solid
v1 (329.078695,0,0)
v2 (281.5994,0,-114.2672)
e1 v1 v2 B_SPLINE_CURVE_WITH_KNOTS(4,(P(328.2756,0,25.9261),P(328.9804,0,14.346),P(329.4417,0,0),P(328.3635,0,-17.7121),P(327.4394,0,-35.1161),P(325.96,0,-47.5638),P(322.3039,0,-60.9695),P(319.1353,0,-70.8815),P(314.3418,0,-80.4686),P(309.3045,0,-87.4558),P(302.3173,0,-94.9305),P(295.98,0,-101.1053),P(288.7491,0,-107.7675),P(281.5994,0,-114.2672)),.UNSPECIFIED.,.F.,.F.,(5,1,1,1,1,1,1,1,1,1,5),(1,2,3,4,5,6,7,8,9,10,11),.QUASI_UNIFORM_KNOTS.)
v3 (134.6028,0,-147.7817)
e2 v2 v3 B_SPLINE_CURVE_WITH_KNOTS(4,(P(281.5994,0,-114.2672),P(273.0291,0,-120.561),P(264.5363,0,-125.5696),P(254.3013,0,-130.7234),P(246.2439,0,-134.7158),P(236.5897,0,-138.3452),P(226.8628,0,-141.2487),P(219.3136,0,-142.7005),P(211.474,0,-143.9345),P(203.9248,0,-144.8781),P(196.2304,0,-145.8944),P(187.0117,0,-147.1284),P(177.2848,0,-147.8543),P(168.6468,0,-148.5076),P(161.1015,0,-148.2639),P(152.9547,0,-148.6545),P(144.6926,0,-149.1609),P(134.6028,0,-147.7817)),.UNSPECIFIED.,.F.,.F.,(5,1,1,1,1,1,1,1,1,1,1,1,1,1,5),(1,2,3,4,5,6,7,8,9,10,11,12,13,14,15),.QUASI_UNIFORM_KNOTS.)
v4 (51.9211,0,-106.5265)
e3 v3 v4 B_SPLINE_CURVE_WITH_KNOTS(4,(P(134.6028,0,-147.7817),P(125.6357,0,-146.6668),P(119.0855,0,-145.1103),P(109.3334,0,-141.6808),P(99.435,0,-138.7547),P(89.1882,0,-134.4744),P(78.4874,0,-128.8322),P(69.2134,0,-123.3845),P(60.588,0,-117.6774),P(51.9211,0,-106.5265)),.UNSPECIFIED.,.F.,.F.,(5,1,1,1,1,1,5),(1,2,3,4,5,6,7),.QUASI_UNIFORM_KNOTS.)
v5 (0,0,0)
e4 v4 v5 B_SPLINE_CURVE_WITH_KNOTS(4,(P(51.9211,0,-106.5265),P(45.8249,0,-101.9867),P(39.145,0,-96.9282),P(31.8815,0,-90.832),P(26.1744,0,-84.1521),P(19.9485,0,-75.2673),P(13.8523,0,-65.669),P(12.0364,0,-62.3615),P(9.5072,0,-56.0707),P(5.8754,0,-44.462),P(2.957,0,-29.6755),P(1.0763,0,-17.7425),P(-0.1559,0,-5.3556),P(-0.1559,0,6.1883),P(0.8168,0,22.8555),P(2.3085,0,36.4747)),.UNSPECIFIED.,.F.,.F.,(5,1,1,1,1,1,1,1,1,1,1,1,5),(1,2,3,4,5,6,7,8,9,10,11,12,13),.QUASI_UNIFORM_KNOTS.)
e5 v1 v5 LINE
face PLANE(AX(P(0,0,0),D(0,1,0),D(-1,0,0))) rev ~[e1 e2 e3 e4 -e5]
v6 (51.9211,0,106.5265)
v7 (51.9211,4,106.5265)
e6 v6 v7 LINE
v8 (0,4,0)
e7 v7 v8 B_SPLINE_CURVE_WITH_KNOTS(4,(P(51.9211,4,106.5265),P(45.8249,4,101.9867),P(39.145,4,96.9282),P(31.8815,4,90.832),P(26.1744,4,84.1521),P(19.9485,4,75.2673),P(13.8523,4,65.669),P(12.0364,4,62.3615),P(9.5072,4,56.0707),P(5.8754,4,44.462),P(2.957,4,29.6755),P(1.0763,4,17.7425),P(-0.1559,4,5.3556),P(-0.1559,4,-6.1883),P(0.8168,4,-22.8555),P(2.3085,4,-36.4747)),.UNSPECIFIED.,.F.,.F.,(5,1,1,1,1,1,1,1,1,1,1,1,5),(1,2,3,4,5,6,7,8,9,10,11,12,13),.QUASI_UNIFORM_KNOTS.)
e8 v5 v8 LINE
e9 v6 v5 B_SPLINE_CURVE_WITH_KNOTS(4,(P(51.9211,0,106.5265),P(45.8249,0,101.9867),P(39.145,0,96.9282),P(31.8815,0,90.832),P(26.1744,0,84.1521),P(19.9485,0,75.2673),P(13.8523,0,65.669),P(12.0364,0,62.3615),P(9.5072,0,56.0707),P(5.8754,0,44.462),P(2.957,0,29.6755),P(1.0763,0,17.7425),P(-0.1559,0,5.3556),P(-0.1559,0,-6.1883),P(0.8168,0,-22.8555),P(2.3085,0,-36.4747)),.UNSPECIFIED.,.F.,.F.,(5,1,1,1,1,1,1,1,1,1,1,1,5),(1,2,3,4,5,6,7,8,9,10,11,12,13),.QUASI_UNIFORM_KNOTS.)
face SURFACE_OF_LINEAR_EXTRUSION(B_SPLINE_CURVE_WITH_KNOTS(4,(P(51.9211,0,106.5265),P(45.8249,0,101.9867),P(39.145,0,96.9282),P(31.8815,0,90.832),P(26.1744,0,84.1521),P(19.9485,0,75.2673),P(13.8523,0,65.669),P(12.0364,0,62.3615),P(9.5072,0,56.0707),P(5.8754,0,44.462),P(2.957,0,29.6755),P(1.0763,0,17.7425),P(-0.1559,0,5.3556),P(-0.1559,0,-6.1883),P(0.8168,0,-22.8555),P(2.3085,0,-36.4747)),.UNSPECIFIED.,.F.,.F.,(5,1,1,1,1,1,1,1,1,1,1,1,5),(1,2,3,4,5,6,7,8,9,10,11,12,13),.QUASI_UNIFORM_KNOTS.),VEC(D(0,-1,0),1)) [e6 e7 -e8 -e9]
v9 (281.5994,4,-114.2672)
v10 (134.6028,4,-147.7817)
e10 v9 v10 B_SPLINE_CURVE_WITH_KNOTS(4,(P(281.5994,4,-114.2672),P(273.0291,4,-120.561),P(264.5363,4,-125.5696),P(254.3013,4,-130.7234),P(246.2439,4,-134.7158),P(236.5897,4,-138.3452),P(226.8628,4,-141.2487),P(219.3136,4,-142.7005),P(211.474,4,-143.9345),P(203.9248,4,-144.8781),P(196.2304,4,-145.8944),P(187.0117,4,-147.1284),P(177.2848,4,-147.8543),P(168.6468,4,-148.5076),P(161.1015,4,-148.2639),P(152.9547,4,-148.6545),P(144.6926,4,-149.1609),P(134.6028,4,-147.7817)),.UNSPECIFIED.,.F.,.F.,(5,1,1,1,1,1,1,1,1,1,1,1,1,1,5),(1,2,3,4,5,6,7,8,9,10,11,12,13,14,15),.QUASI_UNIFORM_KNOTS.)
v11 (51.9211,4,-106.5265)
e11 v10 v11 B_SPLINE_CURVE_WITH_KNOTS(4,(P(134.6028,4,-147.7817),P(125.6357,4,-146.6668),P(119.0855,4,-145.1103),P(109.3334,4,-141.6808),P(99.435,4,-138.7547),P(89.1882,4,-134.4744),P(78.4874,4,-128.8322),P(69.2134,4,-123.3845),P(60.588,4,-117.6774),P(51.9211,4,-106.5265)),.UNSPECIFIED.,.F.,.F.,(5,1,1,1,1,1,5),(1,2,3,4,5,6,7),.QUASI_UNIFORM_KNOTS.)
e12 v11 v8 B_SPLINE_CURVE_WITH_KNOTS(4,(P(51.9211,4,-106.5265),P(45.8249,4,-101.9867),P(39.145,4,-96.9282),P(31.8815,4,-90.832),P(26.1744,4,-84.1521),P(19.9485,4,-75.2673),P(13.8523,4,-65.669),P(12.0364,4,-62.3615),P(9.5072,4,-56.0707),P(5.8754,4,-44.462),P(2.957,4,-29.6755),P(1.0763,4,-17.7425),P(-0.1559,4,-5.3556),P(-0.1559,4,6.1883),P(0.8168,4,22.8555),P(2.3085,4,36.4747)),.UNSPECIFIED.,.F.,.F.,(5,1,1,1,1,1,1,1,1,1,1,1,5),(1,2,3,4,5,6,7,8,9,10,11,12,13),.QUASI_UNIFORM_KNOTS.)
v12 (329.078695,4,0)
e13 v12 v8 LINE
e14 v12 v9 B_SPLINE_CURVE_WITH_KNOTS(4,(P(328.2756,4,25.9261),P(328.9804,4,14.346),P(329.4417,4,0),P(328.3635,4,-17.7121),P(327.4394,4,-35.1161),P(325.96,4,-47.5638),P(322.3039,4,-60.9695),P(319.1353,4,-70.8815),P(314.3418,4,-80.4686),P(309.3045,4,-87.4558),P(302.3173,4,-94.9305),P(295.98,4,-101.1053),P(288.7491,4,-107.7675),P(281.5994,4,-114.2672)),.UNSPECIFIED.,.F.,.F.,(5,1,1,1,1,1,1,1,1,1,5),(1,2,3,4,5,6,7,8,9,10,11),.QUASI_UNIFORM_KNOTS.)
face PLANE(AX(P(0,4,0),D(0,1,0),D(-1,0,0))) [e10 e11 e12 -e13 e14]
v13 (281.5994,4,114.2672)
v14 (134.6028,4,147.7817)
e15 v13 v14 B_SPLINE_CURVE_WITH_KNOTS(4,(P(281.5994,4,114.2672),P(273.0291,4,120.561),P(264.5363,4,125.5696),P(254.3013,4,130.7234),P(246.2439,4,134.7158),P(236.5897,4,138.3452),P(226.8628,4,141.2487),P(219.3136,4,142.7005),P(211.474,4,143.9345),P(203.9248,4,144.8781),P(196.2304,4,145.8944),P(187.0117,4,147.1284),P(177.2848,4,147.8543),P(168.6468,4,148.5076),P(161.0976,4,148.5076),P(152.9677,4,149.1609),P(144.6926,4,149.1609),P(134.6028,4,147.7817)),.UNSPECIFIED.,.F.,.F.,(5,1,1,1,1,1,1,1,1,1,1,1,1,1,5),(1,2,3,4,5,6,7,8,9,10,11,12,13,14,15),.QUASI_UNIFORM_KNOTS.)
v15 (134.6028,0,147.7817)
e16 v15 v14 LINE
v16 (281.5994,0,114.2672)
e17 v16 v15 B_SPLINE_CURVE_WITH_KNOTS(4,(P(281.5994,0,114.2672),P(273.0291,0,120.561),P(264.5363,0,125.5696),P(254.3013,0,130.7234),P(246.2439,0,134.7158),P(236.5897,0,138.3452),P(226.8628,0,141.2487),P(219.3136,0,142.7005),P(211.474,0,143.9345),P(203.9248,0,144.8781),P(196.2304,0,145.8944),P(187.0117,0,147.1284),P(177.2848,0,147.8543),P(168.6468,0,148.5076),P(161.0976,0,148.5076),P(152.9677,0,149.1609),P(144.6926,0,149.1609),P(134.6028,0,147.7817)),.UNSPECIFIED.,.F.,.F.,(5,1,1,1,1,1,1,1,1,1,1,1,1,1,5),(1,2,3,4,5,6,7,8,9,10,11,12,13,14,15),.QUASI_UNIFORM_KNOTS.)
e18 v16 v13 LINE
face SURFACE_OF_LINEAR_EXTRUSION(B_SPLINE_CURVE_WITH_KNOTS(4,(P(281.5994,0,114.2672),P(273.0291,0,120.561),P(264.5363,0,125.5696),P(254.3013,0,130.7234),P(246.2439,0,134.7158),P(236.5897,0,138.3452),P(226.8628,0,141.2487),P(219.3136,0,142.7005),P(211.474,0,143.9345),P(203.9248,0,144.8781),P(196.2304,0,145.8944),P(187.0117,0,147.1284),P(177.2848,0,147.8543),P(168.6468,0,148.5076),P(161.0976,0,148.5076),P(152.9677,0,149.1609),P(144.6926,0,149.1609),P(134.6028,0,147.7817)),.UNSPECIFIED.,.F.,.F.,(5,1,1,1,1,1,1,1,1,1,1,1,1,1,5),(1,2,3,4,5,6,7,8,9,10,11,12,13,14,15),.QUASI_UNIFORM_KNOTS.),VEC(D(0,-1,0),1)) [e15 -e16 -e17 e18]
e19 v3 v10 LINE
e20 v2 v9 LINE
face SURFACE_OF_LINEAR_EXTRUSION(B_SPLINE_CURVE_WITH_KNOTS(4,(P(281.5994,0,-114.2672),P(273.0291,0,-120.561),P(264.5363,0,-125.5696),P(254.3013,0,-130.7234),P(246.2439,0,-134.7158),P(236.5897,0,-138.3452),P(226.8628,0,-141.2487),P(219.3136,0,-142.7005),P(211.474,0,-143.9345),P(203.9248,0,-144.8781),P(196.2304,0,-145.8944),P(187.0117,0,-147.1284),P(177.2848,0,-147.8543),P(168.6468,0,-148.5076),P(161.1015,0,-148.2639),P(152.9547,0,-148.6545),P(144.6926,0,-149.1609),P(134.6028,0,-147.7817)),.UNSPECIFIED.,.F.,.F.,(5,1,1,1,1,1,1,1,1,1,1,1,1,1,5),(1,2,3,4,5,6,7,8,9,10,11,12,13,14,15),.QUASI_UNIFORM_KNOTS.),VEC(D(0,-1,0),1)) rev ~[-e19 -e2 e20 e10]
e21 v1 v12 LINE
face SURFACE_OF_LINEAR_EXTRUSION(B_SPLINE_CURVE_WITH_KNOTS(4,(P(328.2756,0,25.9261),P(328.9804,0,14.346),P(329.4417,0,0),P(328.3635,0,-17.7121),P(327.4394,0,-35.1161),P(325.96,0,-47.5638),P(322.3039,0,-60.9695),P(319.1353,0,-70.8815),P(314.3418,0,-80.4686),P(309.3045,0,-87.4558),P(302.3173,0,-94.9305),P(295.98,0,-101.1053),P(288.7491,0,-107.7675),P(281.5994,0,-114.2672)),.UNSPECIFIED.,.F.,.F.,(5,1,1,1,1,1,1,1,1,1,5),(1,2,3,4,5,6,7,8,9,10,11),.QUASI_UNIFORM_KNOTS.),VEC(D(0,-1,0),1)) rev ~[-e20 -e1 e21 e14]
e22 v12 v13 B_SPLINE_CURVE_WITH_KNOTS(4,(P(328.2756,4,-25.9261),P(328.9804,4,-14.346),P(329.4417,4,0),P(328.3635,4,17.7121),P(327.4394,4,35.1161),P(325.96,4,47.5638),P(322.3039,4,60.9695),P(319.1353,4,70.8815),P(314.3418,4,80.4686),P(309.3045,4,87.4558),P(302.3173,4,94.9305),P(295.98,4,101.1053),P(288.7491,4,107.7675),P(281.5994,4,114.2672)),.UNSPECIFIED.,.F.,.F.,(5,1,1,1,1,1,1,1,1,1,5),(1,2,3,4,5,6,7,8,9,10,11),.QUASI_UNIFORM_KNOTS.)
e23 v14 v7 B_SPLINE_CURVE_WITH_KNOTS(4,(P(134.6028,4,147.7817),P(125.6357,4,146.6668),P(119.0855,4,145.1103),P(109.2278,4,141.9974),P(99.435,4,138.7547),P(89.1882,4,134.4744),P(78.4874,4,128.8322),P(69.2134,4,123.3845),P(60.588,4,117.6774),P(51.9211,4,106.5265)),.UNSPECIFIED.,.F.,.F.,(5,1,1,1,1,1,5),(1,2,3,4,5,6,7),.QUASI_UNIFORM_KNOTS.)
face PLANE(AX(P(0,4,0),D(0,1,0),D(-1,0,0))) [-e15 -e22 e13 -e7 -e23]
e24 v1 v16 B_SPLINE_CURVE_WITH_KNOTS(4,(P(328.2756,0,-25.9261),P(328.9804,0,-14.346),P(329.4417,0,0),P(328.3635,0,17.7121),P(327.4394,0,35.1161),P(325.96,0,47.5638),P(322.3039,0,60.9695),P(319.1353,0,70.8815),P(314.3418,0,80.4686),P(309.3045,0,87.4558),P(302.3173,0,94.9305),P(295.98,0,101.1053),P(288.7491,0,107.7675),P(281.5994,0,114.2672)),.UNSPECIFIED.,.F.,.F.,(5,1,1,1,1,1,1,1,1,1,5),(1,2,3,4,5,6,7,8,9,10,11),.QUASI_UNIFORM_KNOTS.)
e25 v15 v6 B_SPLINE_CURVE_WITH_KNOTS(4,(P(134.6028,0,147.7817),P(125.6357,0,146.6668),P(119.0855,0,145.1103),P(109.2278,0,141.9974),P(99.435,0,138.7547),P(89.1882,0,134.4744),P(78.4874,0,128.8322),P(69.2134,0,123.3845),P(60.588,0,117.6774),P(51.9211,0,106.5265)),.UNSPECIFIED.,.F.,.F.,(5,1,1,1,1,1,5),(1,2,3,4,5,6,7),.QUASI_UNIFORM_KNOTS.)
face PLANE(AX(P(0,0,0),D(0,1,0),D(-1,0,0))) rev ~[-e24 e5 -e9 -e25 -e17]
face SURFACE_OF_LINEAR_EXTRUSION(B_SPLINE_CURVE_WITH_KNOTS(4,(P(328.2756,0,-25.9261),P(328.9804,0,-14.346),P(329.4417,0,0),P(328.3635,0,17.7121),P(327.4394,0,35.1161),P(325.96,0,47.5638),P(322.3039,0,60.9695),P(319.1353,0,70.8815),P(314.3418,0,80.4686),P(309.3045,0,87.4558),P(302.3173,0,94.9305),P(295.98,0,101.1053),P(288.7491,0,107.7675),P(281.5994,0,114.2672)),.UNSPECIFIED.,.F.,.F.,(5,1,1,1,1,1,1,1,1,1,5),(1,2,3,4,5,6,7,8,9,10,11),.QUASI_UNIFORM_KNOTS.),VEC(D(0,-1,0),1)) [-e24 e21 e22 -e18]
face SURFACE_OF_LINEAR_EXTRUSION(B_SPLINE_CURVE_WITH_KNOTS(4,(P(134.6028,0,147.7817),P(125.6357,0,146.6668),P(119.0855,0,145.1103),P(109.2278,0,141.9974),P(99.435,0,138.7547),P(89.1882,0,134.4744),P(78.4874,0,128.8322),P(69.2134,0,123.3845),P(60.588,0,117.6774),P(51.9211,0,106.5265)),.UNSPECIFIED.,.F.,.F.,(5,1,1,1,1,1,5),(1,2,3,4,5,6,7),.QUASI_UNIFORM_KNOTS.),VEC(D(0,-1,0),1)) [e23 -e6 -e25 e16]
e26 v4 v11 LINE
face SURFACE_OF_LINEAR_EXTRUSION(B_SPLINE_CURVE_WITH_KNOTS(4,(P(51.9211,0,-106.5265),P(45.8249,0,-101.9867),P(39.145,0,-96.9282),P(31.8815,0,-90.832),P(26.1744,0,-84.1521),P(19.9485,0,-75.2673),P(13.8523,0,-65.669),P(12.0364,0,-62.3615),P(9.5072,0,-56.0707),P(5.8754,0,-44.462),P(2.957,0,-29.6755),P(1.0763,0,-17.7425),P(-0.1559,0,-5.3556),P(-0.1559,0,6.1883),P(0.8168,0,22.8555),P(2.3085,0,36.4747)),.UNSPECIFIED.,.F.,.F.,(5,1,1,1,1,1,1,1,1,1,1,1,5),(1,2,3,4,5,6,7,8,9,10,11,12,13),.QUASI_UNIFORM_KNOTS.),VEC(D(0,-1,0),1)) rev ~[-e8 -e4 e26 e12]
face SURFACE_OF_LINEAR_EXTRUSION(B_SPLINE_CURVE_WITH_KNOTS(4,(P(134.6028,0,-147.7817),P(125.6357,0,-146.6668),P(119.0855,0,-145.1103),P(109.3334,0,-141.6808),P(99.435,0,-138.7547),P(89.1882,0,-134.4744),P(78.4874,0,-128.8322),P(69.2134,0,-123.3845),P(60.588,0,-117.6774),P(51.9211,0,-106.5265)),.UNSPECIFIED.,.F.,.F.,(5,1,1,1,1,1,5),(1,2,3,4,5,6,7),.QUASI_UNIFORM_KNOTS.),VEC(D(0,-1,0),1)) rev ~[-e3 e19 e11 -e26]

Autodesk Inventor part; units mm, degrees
ref_plane "YZ Plane" through (0, 0, 0) normal (1, 0, 0) x (0, 1, 0)
ref_plane "XZ Plane" through (0, 0, 0) normal (0, 1, 0) x (-1, 0, 0)
ref_plane "XY Plane" through (0, 0, 0) normal (0, 0, 1) x (1, 0, 0)
sketch "Эскиз1" plane through (0, 0, 0) normal (0, 1, 0) x (-1, 0, 0)
  line L0 (-328.2756, -25.9261) -> (-328.9804, -14.346) construction
  line L1 (-328.9804, -14.346) -> (-329.4417, 0) construction
  line L2 (-329.4417, 0) -> (-328.3635, 17.7121) construction
  line L3 (-328.3635, 17.7121) -> (-327.4394, 35.1161) construction
  line L4 (-327.4394, 35.1161) -> (-325.96, 47.5638) construction
  line L5 (-325.96, 47.5638) -> (-322.3039, 60.9695) construction
  line L6 (-322.3039, 60.9695) -> (-319.1353, 70.8815) construction
  line L7 (-319.1353, 70.8815) -> (-314.3418, 80.4686) construction
  line L8 (-314.3418, 80.4686) -> (-309.3045, 87.4558) construction
  line L9 (-309.3045, 87.4558) -> (-302.3173, 94.9305) construction
  line L10 (-302.3173, 94.9305) -> (-295.98, 101.1053) construction
  line L11 (-295.98, 101.1053) -> (-288.7491, 107.7675) construction
  line L12 (-288.7491, 107.7675) -> (-281.5994, 114.2672) construction
  spline S0 degree 4 poles (-328.2756, -25.9261) (-328.9804, -14.346) (-329.4417, 0) (-328.3635, 17.7121) (-327.4394, 35.1161) (-325.96, 47.5638) (-322.3039, 60.9695) (-319.1353, 70.8815) (-314.3418, 80.4686) (-309.3045, 87.4558) (-302.3173, 94.9305) (-295.98, 101.1053) (-288.7491, 107.7675) (-281.5994, 114.2672) knots 1 1 1 1 1 2 3 4 5 6 7 8 9 10 11 11 11 11 11
  line L13 (-281.5994, 114.2672) -> (-273.0291, 120.561) construction
  line L14 (-273.0291, 120.561) -> (-264.5363, 125.5696) construction
  line L15 (-264.5363, 125.5696) -> (-254.3013, 130.7234) construction
  line L16 (-254.3013, 130.7234) -> (-246.2439, 134.7158) construction
  line L17 (-246.2439, 134.7158) -> (-236.5897, 138.3452) construction
  line L18 (-236.5897, 138.3452) -> (-226.8628, 141.2487) construction
  line L19 (-226.8628, 141.2487) -> (-219.3136, 142.7005) construction
  line L20 (-219.3136, 142.7005) -> (-211.474, 143.9345) construction
  line L21 (-211.474, 143.9345) -> (-203.9248, 144.8781) construction
  line L22 (-203.9248, 144.8781) -> (-196.2304, 145.8944) construction
  line L23 (-196.2304, 145.8944) -> (-187.0117, 147.1284) construction
  line L24 (-187.0117, 147.1284) -> (-177.2848, 147.8543) construction
  line L25 (-177.2848, 147.8543) -> (-168.6468, 148.5076) construction
  line L26 (-168.6468, 148.5076) -> (-161.0976, 148.5076) construction
  line L27 (-161.0976, 148.5076) -> (-152.9677, 149.1609) construction
  line L28 (-152.9677, 149.1609) -> (-144.6926, 149.1609) construction
  line L29 (-144.6926, 149.1609) -> (-134.6028, 147.7817) construction
  spline S1 degree 4 poles (-281.5994, 114.2672) (-273.0291, 120.561) (-264.5363, 125.5696) (-254.3013, 130.7234) (-246.2439, 134.7158) (-236.5897, 138.3452) (-226.8628, 141.2487) (-219.3136, 142.7005) (-211.474, 143.9345) (-203.9248, 144.8781) (-196.2304, 145.8944) (-187.0117, 147.1284) (-177.2848, 147.8543) (-168.6468, 148.5076) (-161.0976, 148.5076) (-152.9677, 149.1609) (-144.6926, 149.1609) (-134.6028, 147.7817) knots 1 1 1 1 1 2 3 4 5 6 7 8 9 10 11 12 13 14 15 15 15 15 15
  line L30 (-134.6028, 147.7817) -> (-125.6357, 146.6668) construction
  line L31 (-125.6357, 146.6668) -> (-119.0855, 145.1103) construction
  line L32 (-119.0855, 145.1103) -> (-109.2278, 141.9974) construction
  line L33 (-109.2278, 141.9974) -> (-99.435, 138.7547) construction
  line L34 (-99.435, 138.7547) -> (-89.1882, 134.4744) construction
  line L35 (-89.1882, 134.4744) -> (-78.4874, 128.8322) construction
  line L36 (-78.4874, 128.8322) -> (-69.2134, 123.3845) construction
  line L37 (-69.2134, 123.3845) -> (-60.588, 117.6774) construction
  line L38 (-60.588, 117.6774) -> (-51.9211, 106.5265) construction
  spline S2 degree 4 poles (-134.6028, 147.7817) (-125.6357, 146.6668) (-119.0855, 145.1103) (-109.2278, 141.9974) (-99.435, 138.7547) (-89.1882, 134.4744) (-78.4874, 128.8322) (-69.2134, 123.3845) (-60.588, 117.6774) (-51.9211, 106.5265) knots 1 1 1 1 1 2 3 4 5 6 7 7 7 7 7
  line L39 (-51.9211, 106.5265) -> (-45.8249, 101.9867) construction
  line L40 (-45.8249, 101.9867) -> (-39.145, 96.9282) construction
  line L41 (-39.145, 96.9282) -> (-31.8815, 90.832) construction
  line L42 (-31.8815, 90.832) -> (-26.1744, 84.1521) construction
  line L43 (-26.1744, 84.1521) -> (-19.9485, 75.2673) construction
  line L44 (-19.9485, 75.2673) -> (-13.8523, 65.669) construction
  line L45 (-13.8523, 65.669) -> (-12.0364, 62.3615) construction
  line L46 (-12.0364, 62.3615) -> (-9.5072, 56.0707) construction
  line L47 (-9.5072, 56.0707) -> (-5.8754, 44.462) construction
  line L48 (-5.8754, 44.462) -> (-2.957, 29.6755) construction
  line L49 (-2.957, 29.6755) -> (-1.0763, 17.7425) construction
  line L50 (-1.0763, 17.7425) -> (0.1559, 5.3556) construction
  line L51 (0.1559, 5.3556) -> (0.1559, -6.1883) construction
  line L52 (0.1559, -6.1883) -> (-0.8168, -22.8555) construction
  line L53 (-0.8168, -22.8555) -> (-2.3085, -36.4747) construction
  spline S3 degree 4 poles (-51.9211, 106.5265) (-45.8249, 101.9867) (-39.145, 96.9282) (-31.8815, 90.832) (-26.1744, 84.1521) (-19.9485, 75.2673) (-13.8523, 65.669) (-12.0364, 62.3615) (-9.5072, 56.0707) (-5.8754, 44.462) (-2.957, 29.6755) (-1.0763, 17.7425) (0.1559, 5.3556) (0.1559, -6.1883) (-0.8168, -22.8555) (-2.3085, -36.4747) knots 1 1 1 1 1 2 3 4 5 6 7 8 9 10 11 12 13 13 13 13 13
  line L54 (-329.4417, 0) -> (0, 0)
  line L55 (-328.2756, 25.9261) -> (-328.9804, 14.346) construction
  line L56 (-328.9804, 14.346) -> (-329.4417, 0) construction
  line L57 (-329.4417, 0) -> (-328.3635, -17.7121) construction
  line L58 (-328.3635, -17.7121) -> (-327.4394, -35.1161) construction
  line L59 (-327.4394, -35.1161) -> (-325.96, -47.5638) construction
  line L60 (-325.96, -47.5638) -> (-322.3039, -60.9695) construction
  line L61 (-322.3039, -60.9695) -> (-319.1353, -70.8815) construction
  line L62 (-319.1353, -70.8815) -> (-314.3418, -80.4686) construction
  line L63 (-314.3418, -80.4686) -> (-309.3045, -87.4558) construction
  line L64 (-309.3045, -87.4558) -> (-302.3173, -94.9305) construction
  line L65 (-302.3173, -94.9305) -> (-295.98, -101.1053) construction
  line L66 (-295.98, -101.1053) -> (-288.7491, -107.7675) construction
  line L67 (-288.7491, -107.7675) -> (-281.5994, -114.2672) construction
  spline S4 degree 4 poles (-328.2756, 25.9261) (-328.9804, 14.346) (-329.4417, 0) (-328.3635, -17.7121) (-327.4394, -35.1161) (-325.96, -47.5638) (-322.3039, -60.9695) (-319.1353, -70.8815) (-314.3418, -80.4686) (-309.3045, -87.4558) (-302.3173, -94.9305) (-295.98, -101.1053) (-288.7491, -107.7675) (-281.5994, -114.2672) knots 1 1 1 1 1 2 3 4 5 6 7 8 9 10 11 11 11 11 11
  line L68 (-281.5994, -114.2672) -> (-273.0291, -120.561) construction
  line L69 (-273.0291, -120.561) -> (-264.5363, -125.5696) construction
  line L70 (-264.5363, -125.5696) -> (-254.3013, -130.7234) construction
  line L71 (-254.3013, -130.7234) -> (-246.2439, -134.7158) construction
  line L72 (-246.2439, -134.7158) -> (-236.5897, -138.3452) construction
  line L73 (-236.5897, -138.3452) -> (-226.8628, -141.2487) construction
  line L74 (-226.8628, -141.2487) -> (-219.3136, -142.7005) construction
  line L75 (-219.3136, -142.7005) -> (-211.474, -143.9345) construction
  line L76 (-211.474, -143.9345) -> (-203.9248, -144.8781) construction
  line L77 (-203.9248, -144.8781) -> (-196.2304, -145.8944) construction
  line L78 (-196.2304, -145.8944) -> (-187.0117, -147.1284) construction
  line L79 (-187.0117, -147.1284) -> (-177.2848, -147.8543) construction
  line L80 (-177.2848, -147.8543) -> (-168.6468, -148.5076) construction
  line L81 (-168.6468, -148.5076) -> (-161.1015, -148.2639) construction
  line L82 (-161.1015, -148.2639) -> (-152.9547, -148.6545) construction
  line L83 (-152.9547, -148.6545) -> (-144.6926, -149.1609) construction
  line L84 (-144.6926, -149.1609) -> (-134.6028, -147.7817) construction
  spline S5 degree 4 poles (-281.5994, -114.2672) (-273.0291, -120.561) (-264.5363, -125.5696) (-254.3013, -130.7234) (-246.2439, -134.7158) (-236.5897, -138.3452) (-226.8628, -141.2487) (-219.3136, -142.7005) (-211.474, -143.9345) (-203.9248, -144.8781) (-196.2304, -145.8944) (-187.0117, -147.1284) (-177.2848, -147.8543) (-168.6468, -148.5076) (-161.1015, -148.2639) (-152.9547, -148.6545) (-144.6926, -149.1609) (-134.6028, -147.7817) knots 1 1 1 1 1 2 3 4 5 6 7 8 9 10 11 12 13 14 15 15 15 15 15
  line L85 (-134.6028, -147.7817) -> (-125.6357, -146.6668) construction
  line L86 (-125.6357, -146.6668) -> (-119.0855, -145.1103) construction
  line L87 (-119.0855, -145.1103) -> (-109.3334, -141.6808) construction
  line L88 (-109.3334, -141.6808) -> (-99.435, -138.7547) construction
  line L89 (-99.435, -138.7547) -> (-89.1882, -134.4744) construction
  line L90 (-89.1882, -134.4744) -> (-78.4874, -128.8322) construction
  line L91 (-78.4874, -128.8322) -> (-69.2134, -123.3845) construction
  line L92 (-69.2134, -123.3845) -> (-60.588, -117.6774) construction
  line L93 (-60.588, -117.6774) -> (-51.9211, -106.5265) construction
  spline S6 degree 4 poles (-134.6028, -147.7817) (-125.6357, -146.6668) (-119.0855, -145.1103) (-109.3334, -141.6808) (-99.435, -138.7547) (-89.1882, -134.4744) (-78.4874, -128.8322) (-69.2134, -123.3845) (-60.588, -117.6774) (-51.9211, -106.5265) knots 1 1 1 1 1 2 3 4 5 6 7 7 7 7 7
  line L94 (-51.9211, -106.5265) -> (-45.8249, -101.9867) construction
  line L95 (-45.8249, -101.9867) -> (-39.145, -96.9282) construction
  line L96 (-39.145, -96.9282) -> (-31.8815, -90.832) construction
  line L97 (-31.8815, -90.832) -> (-26.1744, -84.1521) construction
  line L98 (-26.1744, -84.1521) -> (-19.9485, -75.2673) construction
  line L99 (-19.9485, -75.2673) -> (-13.8523, -65.669) construction
  line L100 (-13.8523, -65.669) -> (-12.0364, -62.3615) construction
  line L101 (-12.0364, -62.3615) -> (-9.5072, -56.0707) construction
  line L102 (-9.5072, -56.0707) -> (-5.8754, -44.462) construction
  line L103 (-5.8754, -44.462) -> (-2.957, -29.6755) construction
  line L104 (-2.957, -29.6755) -> (-1.0763, -17.7425) construction
  line L105 (-1.0763, -17.7425) -> (0.1559, -5.3556) construction
  line L106 (0.1559, -5.3556) -> (0.1559, 6.1883) construction
  line L107 (0.1559, 6.1883) -> (-0.8168, 22.8555) construction
  line L108 (-0.8168, 22.8555) -> (-2.3085, 36.4747) construction
  spline S7 degree 4 poles (-51.9211, -106.5265) (-45.8249, -101.9867) (-39.145, -96.9282) (-31.8815, -90.832) (-26.1744, -84.1521) (-19.9485, -75.2673) (-13.8523, -65.669) (-12.0364, -62.3615) (-9.5072, -56.0707) (-5.8754, -44.462) (-2.957, -29.6755) (-1.0763, -17.7425) (0.1559, -5.3556) (0.1559, 6.1883) (-0.8168, 22.8555) (-2.3085, 36.4747) knots 1 1 1 1 1 2 3 4 5 6 7 8 9 10 11 12 13 13 13 13 13
  point P0 (0, 0)
  point P1 (-0.5497, -16.6468)
  point P2 (0, 0)
  point P3 (-1.0867, 16.6204)
  point P4 (-329.0787, 0)
  dimension "d29" = 295.5634
extrude "Выдавливание1" add sketch "Эскиз1" along normal blind 4
properties part number "head_1"
